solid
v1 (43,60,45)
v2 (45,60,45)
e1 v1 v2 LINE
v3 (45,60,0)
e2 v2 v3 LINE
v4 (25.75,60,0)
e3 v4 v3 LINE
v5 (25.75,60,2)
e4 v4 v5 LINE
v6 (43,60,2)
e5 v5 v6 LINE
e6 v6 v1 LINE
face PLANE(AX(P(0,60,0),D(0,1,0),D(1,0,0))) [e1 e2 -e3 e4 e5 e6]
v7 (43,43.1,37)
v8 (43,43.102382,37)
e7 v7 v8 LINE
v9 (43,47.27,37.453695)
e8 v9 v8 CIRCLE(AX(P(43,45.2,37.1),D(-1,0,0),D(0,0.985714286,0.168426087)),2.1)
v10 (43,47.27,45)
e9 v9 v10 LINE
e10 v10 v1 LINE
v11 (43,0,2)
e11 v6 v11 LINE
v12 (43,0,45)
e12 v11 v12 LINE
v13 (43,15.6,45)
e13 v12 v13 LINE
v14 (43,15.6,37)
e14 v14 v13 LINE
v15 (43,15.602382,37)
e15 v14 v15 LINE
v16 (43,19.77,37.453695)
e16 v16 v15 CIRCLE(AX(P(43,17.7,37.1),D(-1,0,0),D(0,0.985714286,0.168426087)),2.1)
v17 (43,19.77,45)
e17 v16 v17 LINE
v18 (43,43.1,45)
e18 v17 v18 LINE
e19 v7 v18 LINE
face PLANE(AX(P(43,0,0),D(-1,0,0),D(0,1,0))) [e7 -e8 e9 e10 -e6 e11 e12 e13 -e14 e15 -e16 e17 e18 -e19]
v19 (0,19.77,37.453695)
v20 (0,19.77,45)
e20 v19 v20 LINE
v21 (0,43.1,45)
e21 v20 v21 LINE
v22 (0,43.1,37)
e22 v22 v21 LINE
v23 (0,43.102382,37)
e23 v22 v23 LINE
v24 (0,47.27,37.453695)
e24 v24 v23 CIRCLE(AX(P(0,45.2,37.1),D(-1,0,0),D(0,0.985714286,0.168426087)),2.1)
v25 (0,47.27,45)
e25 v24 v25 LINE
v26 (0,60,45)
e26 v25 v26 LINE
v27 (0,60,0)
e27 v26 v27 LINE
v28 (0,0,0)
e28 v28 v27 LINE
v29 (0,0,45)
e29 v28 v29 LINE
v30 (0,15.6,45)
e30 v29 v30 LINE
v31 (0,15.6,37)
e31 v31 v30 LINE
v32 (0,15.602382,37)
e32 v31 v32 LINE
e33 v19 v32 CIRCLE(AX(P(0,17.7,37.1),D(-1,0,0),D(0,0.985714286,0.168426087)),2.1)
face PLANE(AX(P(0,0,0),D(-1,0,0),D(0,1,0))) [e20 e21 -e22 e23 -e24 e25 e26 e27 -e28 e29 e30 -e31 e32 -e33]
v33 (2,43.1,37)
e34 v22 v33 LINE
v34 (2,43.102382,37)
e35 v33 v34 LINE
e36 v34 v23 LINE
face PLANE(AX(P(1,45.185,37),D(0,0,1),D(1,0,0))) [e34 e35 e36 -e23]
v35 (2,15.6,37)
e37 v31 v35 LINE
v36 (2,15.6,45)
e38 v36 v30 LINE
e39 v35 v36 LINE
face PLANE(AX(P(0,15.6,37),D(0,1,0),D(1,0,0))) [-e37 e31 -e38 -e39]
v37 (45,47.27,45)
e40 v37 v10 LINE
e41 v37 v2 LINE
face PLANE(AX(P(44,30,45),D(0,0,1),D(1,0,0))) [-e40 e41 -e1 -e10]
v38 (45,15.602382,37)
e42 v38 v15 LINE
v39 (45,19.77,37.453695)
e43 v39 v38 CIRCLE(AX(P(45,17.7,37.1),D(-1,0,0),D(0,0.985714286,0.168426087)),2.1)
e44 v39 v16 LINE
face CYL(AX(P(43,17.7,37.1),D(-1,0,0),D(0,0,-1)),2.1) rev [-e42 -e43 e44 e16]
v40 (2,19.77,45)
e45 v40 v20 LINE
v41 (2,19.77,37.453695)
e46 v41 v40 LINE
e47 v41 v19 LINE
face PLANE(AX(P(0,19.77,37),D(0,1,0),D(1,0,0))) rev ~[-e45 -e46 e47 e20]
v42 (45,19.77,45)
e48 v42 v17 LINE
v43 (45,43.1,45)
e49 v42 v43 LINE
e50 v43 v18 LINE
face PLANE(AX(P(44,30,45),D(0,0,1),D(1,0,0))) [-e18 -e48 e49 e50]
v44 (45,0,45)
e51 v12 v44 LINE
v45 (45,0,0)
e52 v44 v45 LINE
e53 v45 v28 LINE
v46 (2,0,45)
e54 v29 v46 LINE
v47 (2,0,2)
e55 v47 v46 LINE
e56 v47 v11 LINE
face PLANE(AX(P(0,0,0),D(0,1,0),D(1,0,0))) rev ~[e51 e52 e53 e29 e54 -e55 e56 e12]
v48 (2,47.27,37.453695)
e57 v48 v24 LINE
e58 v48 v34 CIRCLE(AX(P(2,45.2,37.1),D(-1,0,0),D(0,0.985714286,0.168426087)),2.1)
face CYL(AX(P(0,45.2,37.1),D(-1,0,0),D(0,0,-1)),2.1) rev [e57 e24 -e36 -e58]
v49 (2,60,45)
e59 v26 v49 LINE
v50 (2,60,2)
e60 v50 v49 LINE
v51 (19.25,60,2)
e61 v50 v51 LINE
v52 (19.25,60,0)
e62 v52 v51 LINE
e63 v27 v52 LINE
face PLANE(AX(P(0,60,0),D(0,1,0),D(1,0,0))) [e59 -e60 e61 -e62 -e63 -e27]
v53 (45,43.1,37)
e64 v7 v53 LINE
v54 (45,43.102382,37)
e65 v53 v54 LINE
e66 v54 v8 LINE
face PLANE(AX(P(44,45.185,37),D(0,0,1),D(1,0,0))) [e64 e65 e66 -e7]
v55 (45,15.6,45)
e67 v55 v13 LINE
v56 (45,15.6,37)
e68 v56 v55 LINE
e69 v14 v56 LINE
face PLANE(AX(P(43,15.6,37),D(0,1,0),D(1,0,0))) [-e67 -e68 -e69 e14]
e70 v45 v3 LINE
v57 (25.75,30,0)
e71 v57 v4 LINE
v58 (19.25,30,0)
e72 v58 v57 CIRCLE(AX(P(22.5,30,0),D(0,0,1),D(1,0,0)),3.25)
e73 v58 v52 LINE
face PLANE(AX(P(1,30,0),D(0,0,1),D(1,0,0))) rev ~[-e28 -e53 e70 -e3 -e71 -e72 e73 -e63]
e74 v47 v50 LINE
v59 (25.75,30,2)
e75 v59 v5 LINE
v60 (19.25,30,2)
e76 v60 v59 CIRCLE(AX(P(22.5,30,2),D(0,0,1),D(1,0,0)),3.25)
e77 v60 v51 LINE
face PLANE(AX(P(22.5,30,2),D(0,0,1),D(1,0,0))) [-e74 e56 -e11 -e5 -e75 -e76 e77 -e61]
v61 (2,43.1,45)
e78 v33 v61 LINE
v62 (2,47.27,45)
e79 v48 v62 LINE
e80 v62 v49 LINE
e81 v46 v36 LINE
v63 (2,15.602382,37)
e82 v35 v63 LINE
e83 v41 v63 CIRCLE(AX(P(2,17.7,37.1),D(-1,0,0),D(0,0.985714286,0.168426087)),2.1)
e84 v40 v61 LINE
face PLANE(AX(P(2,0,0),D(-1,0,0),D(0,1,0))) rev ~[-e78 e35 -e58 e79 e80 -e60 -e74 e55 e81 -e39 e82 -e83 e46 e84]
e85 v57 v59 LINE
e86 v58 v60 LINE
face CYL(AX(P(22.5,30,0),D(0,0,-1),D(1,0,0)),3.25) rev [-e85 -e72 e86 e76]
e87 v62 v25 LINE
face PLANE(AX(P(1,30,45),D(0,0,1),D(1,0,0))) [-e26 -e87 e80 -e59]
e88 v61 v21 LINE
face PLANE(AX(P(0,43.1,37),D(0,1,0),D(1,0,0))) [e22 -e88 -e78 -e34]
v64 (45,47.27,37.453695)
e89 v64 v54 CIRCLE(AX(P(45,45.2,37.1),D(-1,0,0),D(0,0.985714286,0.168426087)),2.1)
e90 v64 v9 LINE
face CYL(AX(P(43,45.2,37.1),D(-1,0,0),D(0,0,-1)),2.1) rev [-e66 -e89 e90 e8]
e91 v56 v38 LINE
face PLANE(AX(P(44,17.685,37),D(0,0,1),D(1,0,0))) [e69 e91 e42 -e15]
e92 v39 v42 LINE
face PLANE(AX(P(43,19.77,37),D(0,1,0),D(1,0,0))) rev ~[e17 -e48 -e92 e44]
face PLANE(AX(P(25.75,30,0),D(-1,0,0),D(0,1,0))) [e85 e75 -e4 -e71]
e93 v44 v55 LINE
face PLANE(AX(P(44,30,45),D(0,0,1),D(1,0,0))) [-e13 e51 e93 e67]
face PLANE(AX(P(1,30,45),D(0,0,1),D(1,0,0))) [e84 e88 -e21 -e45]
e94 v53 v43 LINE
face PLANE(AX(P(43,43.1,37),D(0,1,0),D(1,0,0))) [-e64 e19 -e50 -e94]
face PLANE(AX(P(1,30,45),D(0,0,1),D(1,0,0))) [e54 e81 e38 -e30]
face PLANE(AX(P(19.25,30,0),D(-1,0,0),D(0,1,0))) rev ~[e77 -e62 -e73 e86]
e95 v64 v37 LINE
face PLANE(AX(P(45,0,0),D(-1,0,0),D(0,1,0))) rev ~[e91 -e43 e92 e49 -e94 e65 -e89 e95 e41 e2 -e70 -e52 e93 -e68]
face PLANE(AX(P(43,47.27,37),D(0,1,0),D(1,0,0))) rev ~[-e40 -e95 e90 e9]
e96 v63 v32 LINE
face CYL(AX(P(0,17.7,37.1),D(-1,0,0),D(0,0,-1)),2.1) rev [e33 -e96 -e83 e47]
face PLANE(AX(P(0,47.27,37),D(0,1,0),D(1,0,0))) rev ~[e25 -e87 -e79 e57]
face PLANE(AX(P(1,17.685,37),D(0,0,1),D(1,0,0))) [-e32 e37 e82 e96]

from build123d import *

# Parameters (mm, degrees)
BOX003_W             = 2
BOX003_H             = 4.17
BOX003_DEPTH         = 13
ARRAY001_X_COUNT     = 2
ARRAY001_X_PITCH     = 43
ARRAY001_Y_COUNT     = 2
ARRAY001_Y_PITCH     = 27.5
CYLINDER_R           = 2.1
CYLINDER_DEPTH       = 2
CYLINDER_PITCH_ANGLE = 90
ARRAY_X_COUNT        = 2
ARRAY_X_PITCH        = 43
ARRAY_Y_COUNT        = 2
ARRAY_Y_PITCH        = 27.5
CYLINDER001_R        = 3.25
CYLINDER001_DEPTH    = 2
BOX004_W             = 6.5
BOX004_H             = 36
BOX004_DEPTH         = 2
BOX_W                = 45
BOX_H                = 60
BOX_DEPTH            = 2
BOX002_W             = 2
BOX002_H             = 60
BOX002_DEPTH         = 45
BOX001_W             = 2
BOX001_H             = 60
BOX001_DEPTH         = 45


with BuildPart() as array001:
    # Box003 → Box003 (new body)
    with BuildSketch(Plane(origin=(0, 15.6, 37), x_dir=(1, 0, 0), z_dir=(0, 0, 1))):
        with Locations((1, 2.085)):
            Rectangle(BOX003_W, BOX003_H)
    extrude(amount=BOX003_DEPTH)

    # Array001 X: Array001 ×2


with BuildPart() as array001_1:
    add(array001.part)
    with Locations(*[(i * ARRAY001_X_PITCH, 0, 0) for i in range(1, ARRAY001_X_COUNT)]):
        add(array001.part)

    # Array001 Y: Array001 ×2


with BuildPart() as array001_2:
    add(array001_1.part)
    with Locations(*[(0, i * ARRAY001_Y_PITCH, 0) for i in range(1, ARRAY001_Y_COUNT)]):
        add(array001_1.part)


with BuildPart() as fusion002:
    # Cylinder → Cylinder (new body)
    with BuildSketch(Plane.XY):
        Circle(CYLINDER_R)
    extrude(amount=CYLINDER_DEPTH)


with BuildPart() as fusion002_1:
    # Cylinder pitch: moved
    add(fusion002.part.rotate(Axis((0, 0, 0), (0, 1, 0)), CYLINDER_PITCH_ANGLE))


with BuildPart() as fusion002_2:
    # Cylinder placement: moved
    add(fusion002_1.part.moved(Location((0, 17.7, 37.1))))

    # Array X: Fusion002 ×2


with BuildPart() as fusion002_3:
    add(fusion002_2.part)
    with Locations(*[(i * ARRAY_X_PITCH, 0, 0) for i in range(1, ARRAY_X_COUNT)]):
        add(fusion002_2.part)

    # Array Y: Fusion002 ×2


with BuildPart() as fusion002_4:
    add(fusion002_3.part)
    with Locations(*[(0, i * ARRAY_Y_PITCH, 0) for i in range(1, ARRAY_Y_COUNT)]):
        add(fusion002_3.part)

    # Fusion002: union Array001
    add(array001_2.part)


with BuildPart() as cilindro001:
    # Cylinder001 → Cylinder001 (new body)
    with BuildSketch(Plane(origin=(22.5, 30, 0), x_dir=(1, 0, 0), z_dir=(0, 0, 1))):
        Circle(CYLINDER001_R)
    extrude(amount=CYLINDER001_DEPTH)


with BuildPart() as fusion003:
    # Box004 → Box004 (new body)
    with BuildSketch(Plane(origin=(19.25, 30, 0), x_dir=(1, 0, 0), z_dir=(0, 0, 1))):
        with Locations((3.25, 18)):
            Rectangle(BOX004_W, BOX004_H)
    extrude(amount=BOX004_DEPTH)

    # Fusion001: union Cilindro001
    add(cilindro001.part)

    # Fusion003: union Fusion002
    add(fusion002_4.part)


with BuildPart() as pared_inferior:
    # Box → Box (new body)
    with BuildSketch(Plane.XY):
        with Locations((22.5, 30)):
            Rectangle(BOX_W, BOX_H)
    extrude(amount=BOX_DEPTH)


with BuildPart() as pared_izquierda:
    # Box002 → Box002 (new body)
    with BuildSketch(Plane(origin=(43, 0, 0), x_dir=(1, 0, 0), z_dir=(0, 0, 1))):
        with Locations((1, 30)):
            Rectangle(BOX002_W, BOX002_H)
    extrude(amount=BOX002_DEPTH)


with BuildPart() as cut:
    # Box001 → Box001 (new body)
    with BuildSketch(Plane.XY):
        with Locations((1, 30)):
            Rectangle(BOX001_W, BOX001_H)
    extrude(amount=BOX001_DEPTH)

    # Fusion: union pared inferior, pared izquierda
    add(pared_inferior.part)
    add(pared_izquierda.part)

    # Cut: cut Fusion003
    add(fusion003.part, mode=Mode.SUBTRACT)


solid = cut.part
